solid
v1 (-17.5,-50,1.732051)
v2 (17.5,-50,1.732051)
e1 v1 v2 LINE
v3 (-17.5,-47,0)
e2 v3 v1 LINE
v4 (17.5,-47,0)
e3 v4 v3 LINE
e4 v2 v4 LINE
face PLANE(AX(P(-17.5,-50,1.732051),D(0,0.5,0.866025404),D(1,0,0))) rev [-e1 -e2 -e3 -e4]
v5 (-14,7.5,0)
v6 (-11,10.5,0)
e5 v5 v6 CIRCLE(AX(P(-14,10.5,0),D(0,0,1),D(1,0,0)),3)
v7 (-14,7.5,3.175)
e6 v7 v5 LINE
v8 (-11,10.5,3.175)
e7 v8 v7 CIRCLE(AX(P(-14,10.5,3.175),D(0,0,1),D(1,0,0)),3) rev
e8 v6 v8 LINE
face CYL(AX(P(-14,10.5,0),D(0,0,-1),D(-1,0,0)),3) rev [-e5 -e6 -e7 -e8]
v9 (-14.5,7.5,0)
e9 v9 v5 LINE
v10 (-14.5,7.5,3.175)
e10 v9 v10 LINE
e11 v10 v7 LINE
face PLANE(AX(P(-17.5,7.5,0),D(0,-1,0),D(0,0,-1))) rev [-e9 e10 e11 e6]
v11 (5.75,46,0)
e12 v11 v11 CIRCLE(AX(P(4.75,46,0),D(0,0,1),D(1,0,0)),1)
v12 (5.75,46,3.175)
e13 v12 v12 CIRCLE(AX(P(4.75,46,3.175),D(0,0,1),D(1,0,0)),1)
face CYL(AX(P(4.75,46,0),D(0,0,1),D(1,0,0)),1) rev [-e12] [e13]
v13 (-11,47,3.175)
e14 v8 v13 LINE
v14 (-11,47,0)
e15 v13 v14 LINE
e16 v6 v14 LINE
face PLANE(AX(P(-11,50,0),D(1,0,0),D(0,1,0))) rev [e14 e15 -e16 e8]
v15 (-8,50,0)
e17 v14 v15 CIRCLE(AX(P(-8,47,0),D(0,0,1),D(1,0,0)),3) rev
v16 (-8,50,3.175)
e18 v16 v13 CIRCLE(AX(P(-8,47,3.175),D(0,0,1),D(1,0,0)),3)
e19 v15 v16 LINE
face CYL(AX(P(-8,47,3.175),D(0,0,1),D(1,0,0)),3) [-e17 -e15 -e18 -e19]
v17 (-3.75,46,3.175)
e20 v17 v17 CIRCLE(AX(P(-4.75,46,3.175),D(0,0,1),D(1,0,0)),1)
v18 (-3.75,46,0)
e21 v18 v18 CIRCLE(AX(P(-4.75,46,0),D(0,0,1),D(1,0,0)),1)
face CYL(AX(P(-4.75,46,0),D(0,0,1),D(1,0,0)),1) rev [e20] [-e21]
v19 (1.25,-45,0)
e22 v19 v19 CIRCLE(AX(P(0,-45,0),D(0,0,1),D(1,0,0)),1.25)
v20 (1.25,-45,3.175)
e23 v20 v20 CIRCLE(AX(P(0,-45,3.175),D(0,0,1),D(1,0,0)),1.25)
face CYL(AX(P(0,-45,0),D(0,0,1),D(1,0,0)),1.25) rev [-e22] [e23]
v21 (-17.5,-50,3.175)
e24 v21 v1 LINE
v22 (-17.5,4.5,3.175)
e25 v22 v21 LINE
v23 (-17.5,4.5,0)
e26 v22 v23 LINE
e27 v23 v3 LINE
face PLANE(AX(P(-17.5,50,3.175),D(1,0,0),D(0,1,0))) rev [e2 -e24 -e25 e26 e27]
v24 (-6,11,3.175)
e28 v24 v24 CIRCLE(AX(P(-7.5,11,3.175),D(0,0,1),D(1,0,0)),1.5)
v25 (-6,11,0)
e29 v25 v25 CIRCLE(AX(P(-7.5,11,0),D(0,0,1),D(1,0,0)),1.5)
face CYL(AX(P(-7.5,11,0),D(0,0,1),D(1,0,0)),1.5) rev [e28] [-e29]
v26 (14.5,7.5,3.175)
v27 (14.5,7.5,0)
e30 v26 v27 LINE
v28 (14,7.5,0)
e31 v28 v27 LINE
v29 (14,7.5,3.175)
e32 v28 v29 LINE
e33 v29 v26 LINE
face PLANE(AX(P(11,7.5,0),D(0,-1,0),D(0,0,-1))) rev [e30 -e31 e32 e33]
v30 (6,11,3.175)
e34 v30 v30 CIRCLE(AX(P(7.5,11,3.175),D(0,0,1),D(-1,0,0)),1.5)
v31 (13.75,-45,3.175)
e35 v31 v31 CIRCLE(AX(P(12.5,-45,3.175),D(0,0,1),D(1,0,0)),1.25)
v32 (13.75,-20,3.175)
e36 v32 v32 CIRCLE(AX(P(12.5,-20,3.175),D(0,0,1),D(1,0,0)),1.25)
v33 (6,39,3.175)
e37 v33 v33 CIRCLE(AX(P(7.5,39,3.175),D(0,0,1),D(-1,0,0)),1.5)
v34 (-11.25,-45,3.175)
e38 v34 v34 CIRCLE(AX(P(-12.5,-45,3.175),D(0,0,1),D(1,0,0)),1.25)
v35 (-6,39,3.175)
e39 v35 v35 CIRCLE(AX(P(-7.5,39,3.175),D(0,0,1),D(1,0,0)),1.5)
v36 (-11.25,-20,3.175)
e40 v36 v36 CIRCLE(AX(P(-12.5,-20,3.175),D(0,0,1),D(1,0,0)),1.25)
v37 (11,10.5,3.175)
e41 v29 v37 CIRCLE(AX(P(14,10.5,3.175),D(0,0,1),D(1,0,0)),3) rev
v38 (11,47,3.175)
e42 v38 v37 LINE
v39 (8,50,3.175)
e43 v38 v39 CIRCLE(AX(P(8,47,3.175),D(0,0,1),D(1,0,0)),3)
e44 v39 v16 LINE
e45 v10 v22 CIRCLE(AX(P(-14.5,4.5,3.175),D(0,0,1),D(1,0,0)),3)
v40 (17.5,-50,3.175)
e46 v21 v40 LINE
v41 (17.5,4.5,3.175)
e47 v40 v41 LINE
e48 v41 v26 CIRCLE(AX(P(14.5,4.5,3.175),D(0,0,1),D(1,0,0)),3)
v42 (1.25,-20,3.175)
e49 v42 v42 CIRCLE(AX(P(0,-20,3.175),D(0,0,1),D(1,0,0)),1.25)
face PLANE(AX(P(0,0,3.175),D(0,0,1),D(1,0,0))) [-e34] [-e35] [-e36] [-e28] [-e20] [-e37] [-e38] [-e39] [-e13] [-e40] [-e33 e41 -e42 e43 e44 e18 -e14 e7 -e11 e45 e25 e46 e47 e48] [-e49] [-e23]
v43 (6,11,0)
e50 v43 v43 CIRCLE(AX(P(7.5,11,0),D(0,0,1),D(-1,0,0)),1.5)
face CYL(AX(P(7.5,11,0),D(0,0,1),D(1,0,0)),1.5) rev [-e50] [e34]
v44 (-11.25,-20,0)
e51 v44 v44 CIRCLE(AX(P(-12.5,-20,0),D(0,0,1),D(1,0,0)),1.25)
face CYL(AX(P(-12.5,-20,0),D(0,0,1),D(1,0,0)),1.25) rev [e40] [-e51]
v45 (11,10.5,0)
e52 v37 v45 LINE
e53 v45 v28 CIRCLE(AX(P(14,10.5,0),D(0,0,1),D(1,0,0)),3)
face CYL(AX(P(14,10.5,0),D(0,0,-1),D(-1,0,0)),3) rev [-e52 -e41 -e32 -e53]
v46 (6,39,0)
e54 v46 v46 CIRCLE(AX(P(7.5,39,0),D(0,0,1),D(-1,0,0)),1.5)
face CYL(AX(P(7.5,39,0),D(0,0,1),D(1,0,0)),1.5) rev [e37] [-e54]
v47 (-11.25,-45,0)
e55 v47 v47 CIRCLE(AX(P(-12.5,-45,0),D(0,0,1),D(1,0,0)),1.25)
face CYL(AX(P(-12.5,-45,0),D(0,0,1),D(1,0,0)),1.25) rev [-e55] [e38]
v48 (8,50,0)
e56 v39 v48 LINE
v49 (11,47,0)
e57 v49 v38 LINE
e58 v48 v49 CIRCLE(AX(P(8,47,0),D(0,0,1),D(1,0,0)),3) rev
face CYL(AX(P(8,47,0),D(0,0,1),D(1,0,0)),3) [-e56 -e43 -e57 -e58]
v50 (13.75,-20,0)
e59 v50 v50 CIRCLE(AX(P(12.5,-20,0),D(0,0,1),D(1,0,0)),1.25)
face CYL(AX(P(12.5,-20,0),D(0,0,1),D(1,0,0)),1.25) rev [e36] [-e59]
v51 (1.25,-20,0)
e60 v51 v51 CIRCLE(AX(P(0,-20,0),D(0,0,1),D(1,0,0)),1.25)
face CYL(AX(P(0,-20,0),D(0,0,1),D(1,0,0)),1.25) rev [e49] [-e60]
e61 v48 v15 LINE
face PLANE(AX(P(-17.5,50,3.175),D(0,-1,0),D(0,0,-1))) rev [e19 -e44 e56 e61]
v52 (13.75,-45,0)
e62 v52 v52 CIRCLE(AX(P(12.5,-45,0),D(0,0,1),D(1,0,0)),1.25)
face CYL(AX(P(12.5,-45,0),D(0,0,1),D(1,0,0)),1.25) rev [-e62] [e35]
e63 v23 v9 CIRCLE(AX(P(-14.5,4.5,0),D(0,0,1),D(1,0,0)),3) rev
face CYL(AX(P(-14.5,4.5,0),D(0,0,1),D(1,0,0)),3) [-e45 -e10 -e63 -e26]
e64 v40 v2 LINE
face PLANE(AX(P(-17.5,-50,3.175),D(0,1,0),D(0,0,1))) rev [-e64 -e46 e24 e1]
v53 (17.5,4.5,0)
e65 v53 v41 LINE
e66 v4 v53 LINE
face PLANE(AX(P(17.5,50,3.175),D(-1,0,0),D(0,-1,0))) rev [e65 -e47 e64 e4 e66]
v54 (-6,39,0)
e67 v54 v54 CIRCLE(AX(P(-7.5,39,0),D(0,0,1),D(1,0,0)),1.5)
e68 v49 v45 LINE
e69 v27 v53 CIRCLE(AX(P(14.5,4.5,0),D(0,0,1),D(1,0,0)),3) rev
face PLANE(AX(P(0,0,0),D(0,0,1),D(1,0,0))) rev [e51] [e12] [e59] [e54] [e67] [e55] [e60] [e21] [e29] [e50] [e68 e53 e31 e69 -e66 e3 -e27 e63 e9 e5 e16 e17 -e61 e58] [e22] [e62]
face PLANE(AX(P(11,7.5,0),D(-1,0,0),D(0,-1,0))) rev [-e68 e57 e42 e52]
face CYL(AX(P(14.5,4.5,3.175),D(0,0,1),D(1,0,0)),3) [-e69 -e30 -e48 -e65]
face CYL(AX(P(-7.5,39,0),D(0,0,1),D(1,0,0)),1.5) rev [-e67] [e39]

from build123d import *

# Parameters (mm, degrees)
SKETCH1_W           = 35
SKETCH1_H           = 100
BOSS_EXTRUDE1_DEPTH = 3.175
SKETCH2_R           = 1.5
SKETCH2_W           = 6.5
SKETCH2_H           = 42.5
CUT_EXTRUDE1_DEPTH  = 4.175
FILLET1_R           = 3
CHAMFER1_SIZE       = 3
CHAMFER1_SIZE2      = 1.732050808
SKETCH3_R           = 1
CUT_EXTRUDE2_DEPTH  = 4.175
SKETCH4_R           = 1.25
CUT_EXTRUDE3_DEPTH  = 4.175


with BuildPart() as part:
    # Sketch1 → Boss-Extrude1 (new body)
    with BuildSketch(Plane.XY):
        Rectangle(SKETCH1_W, SKETCH1_H)
    extrude(amount=BOSS_EXTRUDE1_DEPTH)

    # Sketch2 → Cut-Extrude1 (cut, through all)
    with BuildSketch(Plane.XY.offset(3.175)):
        with Locations((-7.5, 39)):
            Circle(SKETCH2_R)
        with Locations((-7.5, 11)):
            Circle(SKETCH2_R)
        with Locations((7.5, 11)):
            Circle(SKETCH2_R)
        with Locations((7.5, 39)):
            Circle(SKETCH2_R)
        with Locations((-14.25, 28.75)):
            Rectangle(SKETCH2_W, SKETCH2_H)
        with Locations((14.25, 28.75)):
            Rectangle(SKETCH2_W, SKETCH2_H)
    extrude(amount=-CUT_EXTRUDE1_DEPTH, mode=Mode.SUBTRACT)

    # Fillet1
    fillet1_edges = [part.edges().sort_by_distance(p)[0] for p in [
        (-17.5, 7.5, 1.5875),
        (-11, 50, 1.5875),
        (-11, 7.5, 1.5875),
        (11, 7.5, 1.5875),
        (11, 50, 1.5875),
        (17.5, 7.5, 1.5875),
    ]]
    fillet(fillet1_edges, radius=FILLET1_R)

    # Chamfer1
    chamfer1_edges = [part.edges().sort_by_distance(p)[0] for p in [
        (0, -50, 0),
    ]]
    chamfer1_side = [part.faces().sort_by_distance(p)[0] for p in [
        (0, -5.754552851, 0),
    ]]
    chamfer(chamfer1_edges, length=CHAMFER1_SIZE, length2=CHAMFER1_SIZE2, reference=chamfer1_side[0])

    # Sketch3 → Cut-Extrude2 (cut, through all)
    with BuildSketch(Plane.XY.offset(3.175)):
        with Locations((-4.75, 46)):
            Circle(SKETCH3_R)
        with Locations((4.75, 46)):
            Circle(SKETCH3_R)
    extrude(amount=-CUT_EXTRUDE2_DEPTH, mode=Mode.SUBTRACT)

    # Sketch4 → Cut-Extrude3 (cut, through all)
    with BuildSketch(Plane.XY.offset(3.175)):
        with Locations((-12.5, -45)):
            Circle(SKETCH4_R)
        with Locations((12.5, -45)):
            Circle(SKETCH4_R)
        with Locations((-12.5, -20)):
            Circle(SKETCH4_R)
        with Locations((12.5, -20)):
            Circle(SKETCH4_R)
        with Locations((0, -45)):
            Circle(SKETCH4_R)
        with Locations((0, -20)):
            Circle(SKETCH4_R)
    extrude(amount=-CUT_EXTRUDE3_DEPTH, mode=Mode.SUBTRACT)


solid = part.part
